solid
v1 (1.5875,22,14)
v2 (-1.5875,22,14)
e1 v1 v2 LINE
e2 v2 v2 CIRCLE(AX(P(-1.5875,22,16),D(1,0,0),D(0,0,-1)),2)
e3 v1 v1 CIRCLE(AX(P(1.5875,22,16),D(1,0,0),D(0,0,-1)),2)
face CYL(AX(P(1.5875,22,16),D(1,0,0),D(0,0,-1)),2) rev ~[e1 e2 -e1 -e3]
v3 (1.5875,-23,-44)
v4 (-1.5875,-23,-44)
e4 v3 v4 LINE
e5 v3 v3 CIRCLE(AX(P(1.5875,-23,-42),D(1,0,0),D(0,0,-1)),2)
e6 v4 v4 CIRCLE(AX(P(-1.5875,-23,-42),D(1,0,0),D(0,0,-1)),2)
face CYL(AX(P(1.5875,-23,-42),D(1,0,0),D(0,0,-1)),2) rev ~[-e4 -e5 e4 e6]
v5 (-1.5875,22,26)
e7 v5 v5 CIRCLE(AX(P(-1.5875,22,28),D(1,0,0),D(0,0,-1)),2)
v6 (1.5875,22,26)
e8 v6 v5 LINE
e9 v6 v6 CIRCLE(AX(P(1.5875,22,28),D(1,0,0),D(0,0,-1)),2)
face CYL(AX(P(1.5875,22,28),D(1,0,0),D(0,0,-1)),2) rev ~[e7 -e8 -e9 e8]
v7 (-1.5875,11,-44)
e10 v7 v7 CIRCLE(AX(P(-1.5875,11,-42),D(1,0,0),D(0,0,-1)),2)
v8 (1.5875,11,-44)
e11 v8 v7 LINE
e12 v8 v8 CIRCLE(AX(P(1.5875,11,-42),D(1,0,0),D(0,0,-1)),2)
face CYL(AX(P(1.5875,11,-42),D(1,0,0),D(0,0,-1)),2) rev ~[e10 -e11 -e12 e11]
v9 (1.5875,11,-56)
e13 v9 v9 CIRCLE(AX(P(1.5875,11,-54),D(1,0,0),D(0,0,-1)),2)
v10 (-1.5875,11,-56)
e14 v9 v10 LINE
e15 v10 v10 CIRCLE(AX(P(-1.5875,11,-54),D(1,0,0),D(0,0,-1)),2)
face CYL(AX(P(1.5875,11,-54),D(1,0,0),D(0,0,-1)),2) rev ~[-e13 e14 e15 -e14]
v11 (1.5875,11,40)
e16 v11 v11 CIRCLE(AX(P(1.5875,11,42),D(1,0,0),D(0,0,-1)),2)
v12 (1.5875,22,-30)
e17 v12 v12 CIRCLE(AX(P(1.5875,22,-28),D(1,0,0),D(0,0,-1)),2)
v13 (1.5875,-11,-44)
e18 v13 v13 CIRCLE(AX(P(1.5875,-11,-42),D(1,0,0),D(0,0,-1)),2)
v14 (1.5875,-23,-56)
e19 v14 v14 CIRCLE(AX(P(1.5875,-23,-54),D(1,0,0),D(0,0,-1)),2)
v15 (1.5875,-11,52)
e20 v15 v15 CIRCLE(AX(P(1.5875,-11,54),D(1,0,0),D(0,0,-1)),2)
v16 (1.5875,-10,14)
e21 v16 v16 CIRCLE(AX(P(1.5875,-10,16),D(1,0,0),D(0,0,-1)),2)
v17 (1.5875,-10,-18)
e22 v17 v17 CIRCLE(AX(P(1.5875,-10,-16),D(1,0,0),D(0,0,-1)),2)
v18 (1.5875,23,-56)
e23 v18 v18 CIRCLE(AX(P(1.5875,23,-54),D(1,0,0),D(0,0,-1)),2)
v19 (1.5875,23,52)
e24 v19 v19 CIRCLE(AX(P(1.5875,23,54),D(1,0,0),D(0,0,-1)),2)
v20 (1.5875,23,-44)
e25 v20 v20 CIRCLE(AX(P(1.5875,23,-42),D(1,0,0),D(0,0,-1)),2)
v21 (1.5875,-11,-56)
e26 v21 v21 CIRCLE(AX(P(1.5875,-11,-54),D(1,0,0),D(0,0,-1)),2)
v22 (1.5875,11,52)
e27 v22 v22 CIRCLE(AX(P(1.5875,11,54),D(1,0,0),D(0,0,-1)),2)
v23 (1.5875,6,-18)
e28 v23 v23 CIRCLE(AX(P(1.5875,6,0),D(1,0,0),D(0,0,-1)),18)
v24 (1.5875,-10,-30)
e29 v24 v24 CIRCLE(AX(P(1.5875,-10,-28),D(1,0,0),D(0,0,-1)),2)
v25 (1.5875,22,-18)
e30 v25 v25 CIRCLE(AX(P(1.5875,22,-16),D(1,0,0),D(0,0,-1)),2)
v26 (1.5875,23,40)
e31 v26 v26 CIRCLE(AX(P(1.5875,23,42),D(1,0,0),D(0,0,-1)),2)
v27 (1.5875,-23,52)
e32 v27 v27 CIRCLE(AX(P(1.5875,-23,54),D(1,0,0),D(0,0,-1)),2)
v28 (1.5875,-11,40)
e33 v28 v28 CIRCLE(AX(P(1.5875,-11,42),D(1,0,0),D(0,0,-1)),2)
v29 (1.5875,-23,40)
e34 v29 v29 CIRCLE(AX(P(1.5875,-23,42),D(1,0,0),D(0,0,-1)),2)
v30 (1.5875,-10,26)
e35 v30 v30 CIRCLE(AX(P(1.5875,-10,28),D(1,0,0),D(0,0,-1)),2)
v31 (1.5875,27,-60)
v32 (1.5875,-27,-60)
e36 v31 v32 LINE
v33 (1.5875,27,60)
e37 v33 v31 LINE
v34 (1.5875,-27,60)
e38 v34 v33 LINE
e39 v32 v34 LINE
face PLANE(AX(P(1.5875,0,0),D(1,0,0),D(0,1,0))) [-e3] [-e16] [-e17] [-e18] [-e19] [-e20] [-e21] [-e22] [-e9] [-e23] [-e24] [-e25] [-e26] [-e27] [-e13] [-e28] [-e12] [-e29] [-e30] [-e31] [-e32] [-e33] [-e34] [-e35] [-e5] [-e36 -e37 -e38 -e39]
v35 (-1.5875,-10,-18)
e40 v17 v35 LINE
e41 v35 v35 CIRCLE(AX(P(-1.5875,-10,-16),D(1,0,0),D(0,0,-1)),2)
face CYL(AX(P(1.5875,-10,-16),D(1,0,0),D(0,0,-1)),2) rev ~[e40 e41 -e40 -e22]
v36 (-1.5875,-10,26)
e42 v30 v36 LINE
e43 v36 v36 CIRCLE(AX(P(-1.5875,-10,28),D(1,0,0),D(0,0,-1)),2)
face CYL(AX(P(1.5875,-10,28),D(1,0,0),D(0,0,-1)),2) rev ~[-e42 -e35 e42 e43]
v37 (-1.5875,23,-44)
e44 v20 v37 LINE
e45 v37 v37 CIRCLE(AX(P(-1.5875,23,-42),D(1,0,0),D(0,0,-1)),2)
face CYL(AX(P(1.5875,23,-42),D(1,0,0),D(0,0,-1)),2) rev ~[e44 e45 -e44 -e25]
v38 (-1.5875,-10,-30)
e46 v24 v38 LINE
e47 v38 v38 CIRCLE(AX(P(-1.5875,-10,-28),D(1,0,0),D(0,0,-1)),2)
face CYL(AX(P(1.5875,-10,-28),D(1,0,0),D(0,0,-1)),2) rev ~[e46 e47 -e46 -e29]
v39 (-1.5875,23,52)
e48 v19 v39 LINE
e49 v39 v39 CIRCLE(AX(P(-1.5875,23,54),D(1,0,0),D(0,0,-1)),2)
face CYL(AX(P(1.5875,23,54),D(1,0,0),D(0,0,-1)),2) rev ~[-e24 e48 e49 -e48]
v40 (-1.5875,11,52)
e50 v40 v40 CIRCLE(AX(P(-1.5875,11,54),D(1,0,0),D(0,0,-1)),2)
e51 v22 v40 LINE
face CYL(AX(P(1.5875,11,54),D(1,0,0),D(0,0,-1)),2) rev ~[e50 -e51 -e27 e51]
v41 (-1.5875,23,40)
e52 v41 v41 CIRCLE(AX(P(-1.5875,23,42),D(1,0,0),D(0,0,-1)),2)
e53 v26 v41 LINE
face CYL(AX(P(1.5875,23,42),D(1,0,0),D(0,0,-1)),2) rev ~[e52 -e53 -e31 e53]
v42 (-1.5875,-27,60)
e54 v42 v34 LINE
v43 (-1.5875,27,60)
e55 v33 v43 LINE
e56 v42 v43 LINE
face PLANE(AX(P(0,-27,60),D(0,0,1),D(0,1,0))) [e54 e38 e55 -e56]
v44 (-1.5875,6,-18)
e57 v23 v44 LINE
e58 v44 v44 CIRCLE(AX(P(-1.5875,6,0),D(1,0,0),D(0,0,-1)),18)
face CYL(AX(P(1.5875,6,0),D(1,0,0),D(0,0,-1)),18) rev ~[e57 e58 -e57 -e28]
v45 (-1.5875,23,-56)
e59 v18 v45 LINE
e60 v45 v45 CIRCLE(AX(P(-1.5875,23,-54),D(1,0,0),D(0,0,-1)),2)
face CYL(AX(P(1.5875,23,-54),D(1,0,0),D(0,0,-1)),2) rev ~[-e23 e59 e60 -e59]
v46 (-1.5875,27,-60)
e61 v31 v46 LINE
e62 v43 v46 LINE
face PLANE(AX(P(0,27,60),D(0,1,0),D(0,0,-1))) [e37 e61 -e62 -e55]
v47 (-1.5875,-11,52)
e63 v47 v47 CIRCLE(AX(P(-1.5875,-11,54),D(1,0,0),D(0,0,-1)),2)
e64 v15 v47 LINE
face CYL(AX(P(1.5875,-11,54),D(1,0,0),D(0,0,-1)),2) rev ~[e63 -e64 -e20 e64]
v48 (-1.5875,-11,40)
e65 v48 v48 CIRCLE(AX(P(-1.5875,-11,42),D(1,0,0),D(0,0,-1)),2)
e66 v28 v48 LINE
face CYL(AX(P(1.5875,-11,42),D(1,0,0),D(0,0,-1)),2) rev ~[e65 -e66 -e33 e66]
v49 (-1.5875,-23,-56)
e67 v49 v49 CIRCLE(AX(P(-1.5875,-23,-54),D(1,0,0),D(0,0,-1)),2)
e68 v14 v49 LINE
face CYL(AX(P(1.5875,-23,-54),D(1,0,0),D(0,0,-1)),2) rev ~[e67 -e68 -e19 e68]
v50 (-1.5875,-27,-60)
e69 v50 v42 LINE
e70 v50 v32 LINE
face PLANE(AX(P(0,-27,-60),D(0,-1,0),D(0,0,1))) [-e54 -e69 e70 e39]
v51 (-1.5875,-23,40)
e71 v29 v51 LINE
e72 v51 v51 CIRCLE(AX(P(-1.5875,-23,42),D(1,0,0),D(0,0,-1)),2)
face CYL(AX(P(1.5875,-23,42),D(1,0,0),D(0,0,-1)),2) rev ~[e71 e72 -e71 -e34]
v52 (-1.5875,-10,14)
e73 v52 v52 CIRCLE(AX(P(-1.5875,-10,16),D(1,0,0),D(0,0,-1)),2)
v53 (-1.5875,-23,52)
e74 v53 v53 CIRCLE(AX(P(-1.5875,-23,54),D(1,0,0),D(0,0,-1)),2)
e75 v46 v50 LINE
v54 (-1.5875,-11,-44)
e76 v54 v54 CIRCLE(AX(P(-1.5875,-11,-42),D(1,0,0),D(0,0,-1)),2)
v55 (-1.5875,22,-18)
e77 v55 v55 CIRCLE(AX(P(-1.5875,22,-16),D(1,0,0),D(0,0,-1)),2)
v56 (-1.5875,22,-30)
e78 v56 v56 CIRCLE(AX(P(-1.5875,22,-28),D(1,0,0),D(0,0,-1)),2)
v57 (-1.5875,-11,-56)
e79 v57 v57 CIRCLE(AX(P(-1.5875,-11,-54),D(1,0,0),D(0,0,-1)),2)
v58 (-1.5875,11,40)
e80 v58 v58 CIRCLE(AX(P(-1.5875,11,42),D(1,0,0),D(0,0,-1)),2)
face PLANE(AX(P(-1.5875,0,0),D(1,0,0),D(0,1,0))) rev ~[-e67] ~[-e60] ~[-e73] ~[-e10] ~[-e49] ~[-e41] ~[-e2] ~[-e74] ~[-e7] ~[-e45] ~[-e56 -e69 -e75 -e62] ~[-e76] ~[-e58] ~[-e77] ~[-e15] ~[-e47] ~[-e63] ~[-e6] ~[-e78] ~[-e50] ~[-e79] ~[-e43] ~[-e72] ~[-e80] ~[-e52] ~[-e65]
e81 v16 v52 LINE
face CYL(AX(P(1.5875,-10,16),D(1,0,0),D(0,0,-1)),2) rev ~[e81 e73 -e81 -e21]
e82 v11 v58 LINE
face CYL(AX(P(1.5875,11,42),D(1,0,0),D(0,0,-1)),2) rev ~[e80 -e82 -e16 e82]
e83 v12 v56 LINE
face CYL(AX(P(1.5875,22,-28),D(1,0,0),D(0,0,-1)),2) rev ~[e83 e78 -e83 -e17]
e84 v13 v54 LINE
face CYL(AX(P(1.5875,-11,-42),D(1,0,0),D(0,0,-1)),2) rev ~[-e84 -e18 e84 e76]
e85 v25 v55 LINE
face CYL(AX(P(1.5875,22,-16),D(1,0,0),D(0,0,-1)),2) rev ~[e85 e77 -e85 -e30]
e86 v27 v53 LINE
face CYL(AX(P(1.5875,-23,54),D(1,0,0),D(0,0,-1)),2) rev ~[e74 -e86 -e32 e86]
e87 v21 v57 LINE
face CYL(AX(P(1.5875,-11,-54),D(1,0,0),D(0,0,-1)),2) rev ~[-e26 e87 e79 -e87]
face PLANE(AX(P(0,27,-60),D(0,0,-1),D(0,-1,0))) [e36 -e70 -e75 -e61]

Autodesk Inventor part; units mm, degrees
ref_plane "YZ Plane" through (0, 0, 0) normal (1, 0, 0) x (0, 1, 0)
ref_plane "XZ Plane" through (0, 0, 0) normal (0, 1, 0) x (-1, 0, 0)
ref_plane "XY Plane" through (0, 0, 0) normal (0, 0, 1) x (1, 0, 0)
sketch "Sketch1" plane through (0, 0, 0) normal (1, 0, 0) x (0, 1, 0)
  line L0 (-27, 60) -> (27, 60)
  line L1 (27, 60) -> (27, -60)
  line L2 (27, -60) -> (-27, -60)
  line L3 (-27, -60) -> (-27, 60)
  line L4 (-27, 60) -> (27, -60) construction
  line L5 (27, 60) -> (-27, -60) construction
  point P0 (0, 0)
  dimension "d0" = 54
  dimension "d1" = 120
extrude "Extrusion1" add sketch "Sketch1" along normal mid plane 3.175
sketch "Sketch2" plane through (1.5875, 0, 0) normal (1, 0, 0) x (0, 0, -1)
  circle A0 centre (-48, -17) radius 2.5 construction
  line L0 (-60, -27) -> (60, -27) construction
  circle A1 centre (-54, -23) radius 2
  circle A2 centre (-42, -23) radius 2
  circle A3 centre (-42, -11) radius 2
  circle A4 centre (-54, -11) radius 2
  line L1 (0, 27) -> (0, -27) construction
  line L2 (60, 27) -> (-60, 27) construction
  line L3 (-60, 27) -> (-60, -27) construction
  line L4 (60, -27) -> (60, 27) construction
  line L5 (-60, 0) -> (60, 0) construction
  circle A5 centre (54, -23) radius 2
  circle A6 centre (42, -23) radius 2
  circle A7 centre (42, -11) radius 2
  circle A8 centre (54, -11) radius 2
  circle A9 centre (-54, 23) radius 2
  circle A10 centre (-42, 23) radius 2
  circle A11 centre (-42, 11) radius 2
  circle A12 centre (-54, 11) radius 2
  circle A13 centre (54, 11) radius 2
  circle A14 centre (42, 11) radius 2
  circle A15 centre (54, 23) radius 2
  circle A16 centre (42, 23) radius 2
  point P0 (0, 0)
  dimension "d4" = 5
  dimension "d5" = 48
  dimension "d6" = 10
  dimension "d7" = 4
  dimension "d8" = 6
  dimension "d9" = 6
  dimension "d12" = 360
extrude "Extrusion2" cut sketch "Sketch2" against normal through all
sketch "Sketch4" plane through (1.5875, 0, 0) normal (1, 0, 0) x (0, 0, -1)
  circle A0 centre (0, 6) radius 18
  circle A1 centre (-28, 22) radius 2
  line L0 (0, 24) -> (0, -12) construction
  line L1 (60, 27) -> (-60, 27) construction
  line L2 (-18, 6) -> (18, 6) construction
  circle A2 centre (-16, 22) radius 2
  circle A3 centre (28, 22) radius 2
  circle A4 centre (-28, -10) radius 2
  circle A5 centre (28, -10) radius 2
  circle A6 centre (-16, -10) radius 2
  circle A7 centre (16, -10) radius 2
  circle A8 centre (16, 22) radius 2
  point P0 (0, 0)
  dimension "d30" = 36
  dimension "d31" = 6
  dimension "d32" = 4
  dimension "d33" = 28
  dimension "d34" = 16
  dimension "d35" = 4
  dimension "d36" = 16
  dimension "d37" = 16
  dimension "d40" = 360
extrude "Extrusion4" cut sketch "Sketch4" against normal through all
properties part number "TurretMotorCase_SidePlate"
